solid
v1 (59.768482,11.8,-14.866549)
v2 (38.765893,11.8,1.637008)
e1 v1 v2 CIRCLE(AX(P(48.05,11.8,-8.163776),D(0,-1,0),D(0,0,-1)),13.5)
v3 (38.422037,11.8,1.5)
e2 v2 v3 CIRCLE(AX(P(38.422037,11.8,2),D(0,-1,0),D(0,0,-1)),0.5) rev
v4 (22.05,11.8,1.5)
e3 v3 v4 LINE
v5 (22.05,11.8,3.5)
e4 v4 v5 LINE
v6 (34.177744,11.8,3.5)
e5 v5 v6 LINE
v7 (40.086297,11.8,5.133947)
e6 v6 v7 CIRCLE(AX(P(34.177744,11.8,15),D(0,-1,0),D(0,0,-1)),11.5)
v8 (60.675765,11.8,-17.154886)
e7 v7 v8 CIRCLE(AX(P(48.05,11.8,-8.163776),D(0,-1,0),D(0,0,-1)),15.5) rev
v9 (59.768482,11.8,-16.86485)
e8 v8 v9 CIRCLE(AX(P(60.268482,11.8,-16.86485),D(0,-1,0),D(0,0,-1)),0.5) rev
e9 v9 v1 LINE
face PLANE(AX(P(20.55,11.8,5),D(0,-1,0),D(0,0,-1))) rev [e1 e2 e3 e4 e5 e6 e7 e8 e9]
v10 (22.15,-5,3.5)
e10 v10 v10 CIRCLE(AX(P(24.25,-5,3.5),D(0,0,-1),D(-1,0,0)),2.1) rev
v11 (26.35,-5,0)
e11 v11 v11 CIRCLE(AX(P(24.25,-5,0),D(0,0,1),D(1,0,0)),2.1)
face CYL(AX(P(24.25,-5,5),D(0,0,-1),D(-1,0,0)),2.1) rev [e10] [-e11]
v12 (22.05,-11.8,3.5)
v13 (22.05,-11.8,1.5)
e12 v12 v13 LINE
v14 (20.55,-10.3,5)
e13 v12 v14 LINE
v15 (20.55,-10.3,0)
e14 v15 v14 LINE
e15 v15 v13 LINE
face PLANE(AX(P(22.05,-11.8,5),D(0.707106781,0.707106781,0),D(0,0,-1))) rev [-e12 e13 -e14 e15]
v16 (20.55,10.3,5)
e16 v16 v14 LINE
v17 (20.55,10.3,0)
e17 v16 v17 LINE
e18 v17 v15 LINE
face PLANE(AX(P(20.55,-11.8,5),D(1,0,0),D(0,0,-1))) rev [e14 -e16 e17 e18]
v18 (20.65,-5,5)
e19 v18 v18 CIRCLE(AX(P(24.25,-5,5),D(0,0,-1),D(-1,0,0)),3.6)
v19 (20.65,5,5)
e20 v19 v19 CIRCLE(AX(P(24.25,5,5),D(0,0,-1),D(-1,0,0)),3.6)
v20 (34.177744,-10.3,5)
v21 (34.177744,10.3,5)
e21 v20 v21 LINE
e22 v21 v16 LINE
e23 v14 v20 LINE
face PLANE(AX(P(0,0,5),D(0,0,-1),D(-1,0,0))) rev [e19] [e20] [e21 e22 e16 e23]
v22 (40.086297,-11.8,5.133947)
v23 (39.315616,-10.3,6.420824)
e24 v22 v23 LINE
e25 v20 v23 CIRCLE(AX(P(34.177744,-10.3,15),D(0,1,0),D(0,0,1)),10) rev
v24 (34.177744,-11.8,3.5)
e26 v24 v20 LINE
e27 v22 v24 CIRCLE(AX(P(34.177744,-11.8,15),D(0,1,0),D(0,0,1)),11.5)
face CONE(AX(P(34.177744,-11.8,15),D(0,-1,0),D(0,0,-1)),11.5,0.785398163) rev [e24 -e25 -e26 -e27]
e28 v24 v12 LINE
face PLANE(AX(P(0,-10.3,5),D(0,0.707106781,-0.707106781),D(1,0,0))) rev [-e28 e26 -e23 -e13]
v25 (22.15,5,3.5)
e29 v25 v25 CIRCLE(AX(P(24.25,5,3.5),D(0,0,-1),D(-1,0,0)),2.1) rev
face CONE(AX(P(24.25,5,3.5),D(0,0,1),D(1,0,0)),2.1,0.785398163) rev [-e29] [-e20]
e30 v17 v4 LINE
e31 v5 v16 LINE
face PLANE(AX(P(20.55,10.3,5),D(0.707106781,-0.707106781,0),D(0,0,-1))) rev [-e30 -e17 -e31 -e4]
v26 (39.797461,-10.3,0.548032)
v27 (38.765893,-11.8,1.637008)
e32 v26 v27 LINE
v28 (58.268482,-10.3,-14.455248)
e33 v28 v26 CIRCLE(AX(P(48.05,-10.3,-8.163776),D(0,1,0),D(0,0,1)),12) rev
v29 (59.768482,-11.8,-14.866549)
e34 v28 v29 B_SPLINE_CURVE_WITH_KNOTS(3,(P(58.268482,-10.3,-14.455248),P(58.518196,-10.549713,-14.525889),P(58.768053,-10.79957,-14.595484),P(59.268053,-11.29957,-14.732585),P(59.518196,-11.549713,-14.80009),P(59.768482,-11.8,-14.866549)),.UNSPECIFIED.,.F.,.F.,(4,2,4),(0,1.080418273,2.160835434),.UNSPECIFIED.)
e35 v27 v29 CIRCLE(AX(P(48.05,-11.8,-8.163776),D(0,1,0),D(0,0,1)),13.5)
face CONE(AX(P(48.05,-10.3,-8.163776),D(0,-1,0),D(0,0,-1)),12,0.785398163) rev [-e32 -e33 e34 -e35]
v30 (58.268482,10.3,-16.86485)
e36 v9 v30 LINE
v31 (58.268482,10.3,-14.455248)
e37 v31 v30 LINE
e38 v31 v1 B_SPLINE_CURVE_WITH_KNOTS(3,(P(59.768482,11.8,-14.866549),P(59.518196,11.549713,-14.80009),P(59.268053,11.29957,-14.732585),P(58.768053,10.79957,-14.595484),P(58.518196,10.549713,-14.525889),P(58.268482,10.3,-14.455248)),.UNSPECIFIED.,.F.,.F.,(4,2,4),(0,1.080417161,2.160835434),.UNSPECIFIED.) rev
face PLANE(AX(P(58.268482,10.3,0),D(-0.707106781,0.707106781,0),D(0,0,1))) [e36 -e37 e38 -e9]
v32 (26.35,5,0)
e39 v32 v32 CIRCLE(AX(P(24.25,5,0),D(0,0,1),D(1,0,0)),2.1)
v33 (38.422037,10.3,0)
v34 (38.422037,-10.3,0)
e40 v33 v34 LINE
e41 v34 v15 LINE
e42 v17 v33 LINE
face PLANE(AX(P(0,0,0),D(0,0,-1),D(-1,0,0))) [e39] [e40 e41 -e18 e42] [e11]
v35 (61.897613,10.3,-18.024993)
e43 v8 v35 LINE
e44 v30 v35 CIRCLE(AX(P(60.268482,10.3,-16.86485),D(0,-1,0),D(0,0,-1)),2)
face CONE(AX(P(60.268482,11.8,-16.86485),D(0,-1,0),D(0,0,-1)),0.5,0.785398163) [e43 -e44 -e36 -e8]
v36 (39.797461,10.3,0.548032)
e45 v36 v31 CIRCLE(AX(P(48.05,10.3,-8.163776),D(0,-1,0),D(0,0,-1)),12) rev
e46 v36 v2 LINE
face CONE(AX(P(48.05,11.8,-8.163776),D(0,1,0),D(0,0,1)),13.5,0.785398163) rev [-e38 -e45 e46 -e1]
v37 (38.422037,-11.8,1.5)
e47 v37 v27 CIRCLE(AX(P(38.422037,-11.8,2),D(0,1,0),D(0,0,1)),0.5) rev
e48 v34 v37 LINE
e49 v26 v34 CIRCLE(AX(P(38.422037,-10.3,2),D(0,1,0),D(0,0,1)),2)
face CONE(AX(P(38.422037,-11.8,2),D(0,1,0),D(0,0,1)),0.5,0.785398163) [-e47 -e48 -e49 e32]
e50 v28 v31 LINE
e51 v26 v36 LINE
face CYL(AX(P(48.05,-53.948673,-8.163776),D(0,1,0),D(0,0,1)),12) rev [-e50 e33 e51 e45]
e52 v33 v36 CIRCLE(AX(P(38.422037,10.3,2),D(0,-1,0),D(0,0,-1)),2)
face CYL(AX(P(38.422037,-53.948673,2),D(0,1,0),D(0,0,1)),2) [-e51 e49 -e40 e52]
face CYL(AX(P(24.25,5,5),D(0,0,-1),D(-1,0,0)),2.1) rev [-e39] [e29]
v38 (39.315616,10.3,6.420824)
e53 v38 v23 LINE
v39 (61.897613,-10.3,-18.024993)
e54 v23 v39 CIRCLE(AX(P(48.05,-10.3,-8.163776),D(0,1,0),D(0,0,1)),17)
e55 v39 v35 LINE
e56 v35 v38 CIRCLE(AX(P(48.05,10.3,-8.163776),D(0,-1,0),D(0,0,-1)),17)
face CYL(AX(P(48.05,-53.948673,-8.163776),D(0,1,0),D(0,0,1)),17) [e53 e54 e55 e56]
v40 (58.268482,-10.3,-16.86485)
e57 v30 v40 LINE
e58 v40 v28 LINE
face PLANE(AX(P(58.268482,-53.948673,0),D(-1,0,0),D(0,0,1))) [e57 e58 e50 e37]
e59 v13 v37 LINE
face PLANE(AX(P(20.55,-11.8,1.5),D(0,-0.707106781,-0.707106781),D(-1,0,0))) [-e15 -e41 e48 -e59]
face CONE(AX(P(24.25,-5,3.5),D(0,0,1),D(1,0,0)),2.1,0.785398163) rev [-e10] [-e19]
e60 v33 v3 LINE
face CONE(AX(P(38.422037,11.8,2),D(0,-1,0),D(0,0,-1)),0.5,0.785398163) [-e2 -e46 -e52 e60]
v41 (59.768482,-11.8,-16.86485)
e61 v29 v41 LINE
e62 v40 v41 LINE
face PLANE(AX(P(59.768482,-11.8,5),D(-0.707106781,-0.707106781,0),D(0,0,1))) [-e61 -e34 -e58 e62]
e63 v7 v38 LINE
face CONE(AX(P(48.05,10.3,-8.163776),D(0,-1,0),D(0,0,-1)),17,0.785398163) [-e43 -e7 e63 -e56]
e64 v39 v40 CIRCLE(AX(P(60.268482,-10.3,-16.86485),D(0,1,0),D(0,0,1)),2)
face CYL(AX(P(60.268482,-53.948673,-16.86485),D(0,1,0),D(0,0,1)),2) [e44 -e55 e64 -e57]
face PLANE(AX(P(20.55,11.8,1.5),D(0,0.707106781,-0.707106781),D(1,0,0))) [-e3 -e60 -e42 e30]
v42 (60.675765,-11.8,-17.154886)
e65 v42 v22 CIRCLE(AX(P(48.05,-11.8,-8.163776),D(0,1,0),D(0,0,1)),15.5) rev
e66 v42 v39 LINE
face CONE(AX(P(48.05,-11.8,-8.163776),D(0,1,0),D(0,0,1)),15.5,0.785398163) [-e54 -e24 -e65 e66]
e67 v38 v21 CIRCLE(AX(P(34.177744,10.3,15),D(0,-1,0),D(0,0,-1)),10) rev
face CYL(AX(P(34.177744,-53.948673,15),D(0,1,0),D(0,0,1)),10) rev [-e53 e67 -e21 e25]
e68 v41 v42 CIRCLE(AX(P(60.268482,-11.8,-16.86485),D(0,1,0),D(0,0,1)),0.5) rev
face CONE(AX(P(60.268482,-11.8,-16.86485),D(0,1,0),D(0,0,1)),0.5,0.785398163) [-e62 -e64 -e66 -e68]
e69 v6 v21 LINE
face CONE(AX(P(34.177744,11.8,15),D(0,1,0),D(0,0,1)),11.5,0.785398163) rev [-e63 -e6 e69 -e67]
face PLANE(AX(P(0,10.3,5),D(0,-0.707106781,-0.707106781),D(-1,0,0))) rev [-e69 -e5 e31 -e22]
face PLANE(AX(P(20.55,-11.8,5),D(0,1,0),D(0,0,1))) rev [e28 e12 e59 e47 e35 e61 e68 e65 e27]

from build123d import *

# Parameters (mm, degrees)
CROQUIS1_W                          = 15.5
CROQUIS1_H                          = 23.6
CROQUIS1_R                          = 2.1
SALIENTE_EXTRUIR1_DEPTH             = 5
SALIENTE_EXTRUIR2_REACH             = 40.26
SALIENTE_EXTRUIR2_DIRECTION_2_REACH = 40.26
REDONDEO1_R                         = 2
REDONDEO2_R                         = 10
CHAFL_N1_SIZE                       = 1.5
CHAFL_N2_SIZE                       = 1.5


with BuildPart() as part:
    # Croquis1 → Saliente-Extruir1 (new body)
    with BuildSketch(Plane.XY):
        with Locations((28.3, 0)):
            Rectangle(CROQUIS1_W, CROQUIS1_H)
        with Locations((24.250000128, -5)):
            Circle(CROQUIS1_R, mode=Mode.SUBTRACT)
        with Locations((24.250000128, 5)):
            Circle(CROQUIS1_R, mode=Mode.SUBTRACT)
    extrude(amount=SALIENTE_EXTRUIR1_DEPTH)

    # Saliente-Extruir2: up to this face of the body (flat: up to its plane)
    saliente_extruir2_end = Plane(part.part.faces().sort_by_distance((28.3, -11.8, 2.5))[0])
    # Croquis2 → Saliente-Extruir2 (add, up to the picked face)
    with BuildSketch(Plane(origin=(0, 0, 0), x_dir=(1, 0, 0), z_dir=(0, 1, 0)), mode=Mode.PRIVATE) as saliente_extruir2_sk1:
        with BuildLine():
            ThreePointArc((39.254957851, 0), (55.312581622, -1.388967795), (58.268482288, 14.455247679))
            Line((58.268482288, 14.455247679), (58.268482288, 21.749894336))
            ThreePointArc((58.268482288, 21.749894336), (61.427658114, -2.326136764), (37.292908876, -5))
            Line((37.292908876, -5), (36.05, -5))
            Line((36.05, -5), (36.05, 0))
            Line((36.05, 0), (39.254957851, 0))
        make_face()
    saliente_extruir2_tool1 = split(extrude(saliente_extruir2_sk1.sketch, amount=-SALIENTE_EXTRUIR2_REACH, mode=Mode.PRIVATE), bisect_by=saliente_extruir2_end, keep=Keep.BOTH, mode=Mode.PRIVATE)
    add(saliente_extruir2_tool1.solids().sort_by(Axis((55.567672, 0, 1.724497), (0, -1, 0)))[0])

    # Saliente-Extruir2 direction 2: up to this face of the body (flat: up to its plane)
    saliente_extruir2_direction_2_end = Plane(part.part.faces().sort_by_distance((28.3, 11.8, 2.5))[0])
    # Croquis2 → Saliente-Extruir2 direction 2 (add, up to the picked face)
    with BuildSketch(Plane(origin=(0, 0, 0), x_dir=(1, 0, 0), z_dir=(0, 1, 0)), mode=Mode.PRIVATE) as saliente_extruir2_direction_2_sk1:
        with BuildLine():
            ThreePointArc((39.254957851, 0), (55.312581622, -1.388967795), (58.268482288, 14.455247679))
            Line((58.268482288, 14.455247679), (58.268482288, 21.749894336))
            ThreePointArc((58.268482288, 21.749894336), (61.427658114, -2.326136764), (37.292908876, -5))
            Line((37.292908876, -5), (36.05, -5))
            Line((36.05, -5), (36.05, 0))
            Line((36.05, 0), (39.254957851, 0))
        make_face()
    saliente_extruir2_direction_2_tool1 = split(extrude(saliente_extruir2_direction_2_sk1.sketch, amount=SALIENTE_EXTRUIR2_DIRECTION_2_REACH, mode=Mode.PRIVATE), bisect_by=saliente_extruir2_direction_2_end, keep=Keep.BOTH, mode=Mode.PRIVATE)
    add(saliente_extruir2_direction_2_tool1.solids().sort_by(Axis((55.567672, 0, 1.724497), (0, 1, 0)))[0])

    # Redondeo1
    redondeo1_edges = [part.edges().sort_by_distance(p)[0] for p in [
        (58.268482288, 0, -21.749894336),
        (39.254957851, 0, 0),
    ]]
    fillet(redondeo1_edges, radius=REDONDEO1_R)

    # Redondeo2
    redondeo2_edges = [part.edges().sort_by_distance(p)[0] for p in [
        (37.292908876, 0, 5),
    ]]
    fillet(redondeo2_edges, radius=REDONDEO2_R)

    # Chaflán1
    chafl_n1_edges = [part.edges().sort_by_distance(p)[0] for p in [
        (58.268482288, 11.8, -15.660048739),
        (55.615767212, -11.8, 1.150684381),
        (58.268482288, -11.8, -15.660048739),
        (55.615767212, 11.8, 1.150684381),
        (29.486018705, 11.8, 0),
        (60.537424453, 11.8, 3.37157131),
        (59.659492117, 11.8, -18.769877613),
        (39.162329274, 11.8, 0.142052757),
        (60.537424453, -11.8, 3.37157131),
        (59.659492117, -11.8, -18.769877613),
        (39.162329274, -11.8, 0.142052757),
        (27.363871837, 11.8, 5),
        (36.843099013, 11.8, 5.361749074),
        (36.843099013, -11.8, 5.361749074),
        (29.486018705, -11.8, 0),
        (27.363871837, -11.8, 5),
        (20.55, 11.8, 2.5),
        (20.55, -11.8, 2.5),
    ]]
    chamfer(chafl_n1_edges, length=CHAFL_N1_SIZE)

    # Chaflán2
    chafl_n2_edges = [part.edges().sort_by_distance(p)[0] for p in [
        (22.150000128, -5, 5),
        (22.150000128, 5, 5),
    ]]
    chamfer(chafl_n2_edges, length=CHAFL_N2_SIZE)


solid = part.part
